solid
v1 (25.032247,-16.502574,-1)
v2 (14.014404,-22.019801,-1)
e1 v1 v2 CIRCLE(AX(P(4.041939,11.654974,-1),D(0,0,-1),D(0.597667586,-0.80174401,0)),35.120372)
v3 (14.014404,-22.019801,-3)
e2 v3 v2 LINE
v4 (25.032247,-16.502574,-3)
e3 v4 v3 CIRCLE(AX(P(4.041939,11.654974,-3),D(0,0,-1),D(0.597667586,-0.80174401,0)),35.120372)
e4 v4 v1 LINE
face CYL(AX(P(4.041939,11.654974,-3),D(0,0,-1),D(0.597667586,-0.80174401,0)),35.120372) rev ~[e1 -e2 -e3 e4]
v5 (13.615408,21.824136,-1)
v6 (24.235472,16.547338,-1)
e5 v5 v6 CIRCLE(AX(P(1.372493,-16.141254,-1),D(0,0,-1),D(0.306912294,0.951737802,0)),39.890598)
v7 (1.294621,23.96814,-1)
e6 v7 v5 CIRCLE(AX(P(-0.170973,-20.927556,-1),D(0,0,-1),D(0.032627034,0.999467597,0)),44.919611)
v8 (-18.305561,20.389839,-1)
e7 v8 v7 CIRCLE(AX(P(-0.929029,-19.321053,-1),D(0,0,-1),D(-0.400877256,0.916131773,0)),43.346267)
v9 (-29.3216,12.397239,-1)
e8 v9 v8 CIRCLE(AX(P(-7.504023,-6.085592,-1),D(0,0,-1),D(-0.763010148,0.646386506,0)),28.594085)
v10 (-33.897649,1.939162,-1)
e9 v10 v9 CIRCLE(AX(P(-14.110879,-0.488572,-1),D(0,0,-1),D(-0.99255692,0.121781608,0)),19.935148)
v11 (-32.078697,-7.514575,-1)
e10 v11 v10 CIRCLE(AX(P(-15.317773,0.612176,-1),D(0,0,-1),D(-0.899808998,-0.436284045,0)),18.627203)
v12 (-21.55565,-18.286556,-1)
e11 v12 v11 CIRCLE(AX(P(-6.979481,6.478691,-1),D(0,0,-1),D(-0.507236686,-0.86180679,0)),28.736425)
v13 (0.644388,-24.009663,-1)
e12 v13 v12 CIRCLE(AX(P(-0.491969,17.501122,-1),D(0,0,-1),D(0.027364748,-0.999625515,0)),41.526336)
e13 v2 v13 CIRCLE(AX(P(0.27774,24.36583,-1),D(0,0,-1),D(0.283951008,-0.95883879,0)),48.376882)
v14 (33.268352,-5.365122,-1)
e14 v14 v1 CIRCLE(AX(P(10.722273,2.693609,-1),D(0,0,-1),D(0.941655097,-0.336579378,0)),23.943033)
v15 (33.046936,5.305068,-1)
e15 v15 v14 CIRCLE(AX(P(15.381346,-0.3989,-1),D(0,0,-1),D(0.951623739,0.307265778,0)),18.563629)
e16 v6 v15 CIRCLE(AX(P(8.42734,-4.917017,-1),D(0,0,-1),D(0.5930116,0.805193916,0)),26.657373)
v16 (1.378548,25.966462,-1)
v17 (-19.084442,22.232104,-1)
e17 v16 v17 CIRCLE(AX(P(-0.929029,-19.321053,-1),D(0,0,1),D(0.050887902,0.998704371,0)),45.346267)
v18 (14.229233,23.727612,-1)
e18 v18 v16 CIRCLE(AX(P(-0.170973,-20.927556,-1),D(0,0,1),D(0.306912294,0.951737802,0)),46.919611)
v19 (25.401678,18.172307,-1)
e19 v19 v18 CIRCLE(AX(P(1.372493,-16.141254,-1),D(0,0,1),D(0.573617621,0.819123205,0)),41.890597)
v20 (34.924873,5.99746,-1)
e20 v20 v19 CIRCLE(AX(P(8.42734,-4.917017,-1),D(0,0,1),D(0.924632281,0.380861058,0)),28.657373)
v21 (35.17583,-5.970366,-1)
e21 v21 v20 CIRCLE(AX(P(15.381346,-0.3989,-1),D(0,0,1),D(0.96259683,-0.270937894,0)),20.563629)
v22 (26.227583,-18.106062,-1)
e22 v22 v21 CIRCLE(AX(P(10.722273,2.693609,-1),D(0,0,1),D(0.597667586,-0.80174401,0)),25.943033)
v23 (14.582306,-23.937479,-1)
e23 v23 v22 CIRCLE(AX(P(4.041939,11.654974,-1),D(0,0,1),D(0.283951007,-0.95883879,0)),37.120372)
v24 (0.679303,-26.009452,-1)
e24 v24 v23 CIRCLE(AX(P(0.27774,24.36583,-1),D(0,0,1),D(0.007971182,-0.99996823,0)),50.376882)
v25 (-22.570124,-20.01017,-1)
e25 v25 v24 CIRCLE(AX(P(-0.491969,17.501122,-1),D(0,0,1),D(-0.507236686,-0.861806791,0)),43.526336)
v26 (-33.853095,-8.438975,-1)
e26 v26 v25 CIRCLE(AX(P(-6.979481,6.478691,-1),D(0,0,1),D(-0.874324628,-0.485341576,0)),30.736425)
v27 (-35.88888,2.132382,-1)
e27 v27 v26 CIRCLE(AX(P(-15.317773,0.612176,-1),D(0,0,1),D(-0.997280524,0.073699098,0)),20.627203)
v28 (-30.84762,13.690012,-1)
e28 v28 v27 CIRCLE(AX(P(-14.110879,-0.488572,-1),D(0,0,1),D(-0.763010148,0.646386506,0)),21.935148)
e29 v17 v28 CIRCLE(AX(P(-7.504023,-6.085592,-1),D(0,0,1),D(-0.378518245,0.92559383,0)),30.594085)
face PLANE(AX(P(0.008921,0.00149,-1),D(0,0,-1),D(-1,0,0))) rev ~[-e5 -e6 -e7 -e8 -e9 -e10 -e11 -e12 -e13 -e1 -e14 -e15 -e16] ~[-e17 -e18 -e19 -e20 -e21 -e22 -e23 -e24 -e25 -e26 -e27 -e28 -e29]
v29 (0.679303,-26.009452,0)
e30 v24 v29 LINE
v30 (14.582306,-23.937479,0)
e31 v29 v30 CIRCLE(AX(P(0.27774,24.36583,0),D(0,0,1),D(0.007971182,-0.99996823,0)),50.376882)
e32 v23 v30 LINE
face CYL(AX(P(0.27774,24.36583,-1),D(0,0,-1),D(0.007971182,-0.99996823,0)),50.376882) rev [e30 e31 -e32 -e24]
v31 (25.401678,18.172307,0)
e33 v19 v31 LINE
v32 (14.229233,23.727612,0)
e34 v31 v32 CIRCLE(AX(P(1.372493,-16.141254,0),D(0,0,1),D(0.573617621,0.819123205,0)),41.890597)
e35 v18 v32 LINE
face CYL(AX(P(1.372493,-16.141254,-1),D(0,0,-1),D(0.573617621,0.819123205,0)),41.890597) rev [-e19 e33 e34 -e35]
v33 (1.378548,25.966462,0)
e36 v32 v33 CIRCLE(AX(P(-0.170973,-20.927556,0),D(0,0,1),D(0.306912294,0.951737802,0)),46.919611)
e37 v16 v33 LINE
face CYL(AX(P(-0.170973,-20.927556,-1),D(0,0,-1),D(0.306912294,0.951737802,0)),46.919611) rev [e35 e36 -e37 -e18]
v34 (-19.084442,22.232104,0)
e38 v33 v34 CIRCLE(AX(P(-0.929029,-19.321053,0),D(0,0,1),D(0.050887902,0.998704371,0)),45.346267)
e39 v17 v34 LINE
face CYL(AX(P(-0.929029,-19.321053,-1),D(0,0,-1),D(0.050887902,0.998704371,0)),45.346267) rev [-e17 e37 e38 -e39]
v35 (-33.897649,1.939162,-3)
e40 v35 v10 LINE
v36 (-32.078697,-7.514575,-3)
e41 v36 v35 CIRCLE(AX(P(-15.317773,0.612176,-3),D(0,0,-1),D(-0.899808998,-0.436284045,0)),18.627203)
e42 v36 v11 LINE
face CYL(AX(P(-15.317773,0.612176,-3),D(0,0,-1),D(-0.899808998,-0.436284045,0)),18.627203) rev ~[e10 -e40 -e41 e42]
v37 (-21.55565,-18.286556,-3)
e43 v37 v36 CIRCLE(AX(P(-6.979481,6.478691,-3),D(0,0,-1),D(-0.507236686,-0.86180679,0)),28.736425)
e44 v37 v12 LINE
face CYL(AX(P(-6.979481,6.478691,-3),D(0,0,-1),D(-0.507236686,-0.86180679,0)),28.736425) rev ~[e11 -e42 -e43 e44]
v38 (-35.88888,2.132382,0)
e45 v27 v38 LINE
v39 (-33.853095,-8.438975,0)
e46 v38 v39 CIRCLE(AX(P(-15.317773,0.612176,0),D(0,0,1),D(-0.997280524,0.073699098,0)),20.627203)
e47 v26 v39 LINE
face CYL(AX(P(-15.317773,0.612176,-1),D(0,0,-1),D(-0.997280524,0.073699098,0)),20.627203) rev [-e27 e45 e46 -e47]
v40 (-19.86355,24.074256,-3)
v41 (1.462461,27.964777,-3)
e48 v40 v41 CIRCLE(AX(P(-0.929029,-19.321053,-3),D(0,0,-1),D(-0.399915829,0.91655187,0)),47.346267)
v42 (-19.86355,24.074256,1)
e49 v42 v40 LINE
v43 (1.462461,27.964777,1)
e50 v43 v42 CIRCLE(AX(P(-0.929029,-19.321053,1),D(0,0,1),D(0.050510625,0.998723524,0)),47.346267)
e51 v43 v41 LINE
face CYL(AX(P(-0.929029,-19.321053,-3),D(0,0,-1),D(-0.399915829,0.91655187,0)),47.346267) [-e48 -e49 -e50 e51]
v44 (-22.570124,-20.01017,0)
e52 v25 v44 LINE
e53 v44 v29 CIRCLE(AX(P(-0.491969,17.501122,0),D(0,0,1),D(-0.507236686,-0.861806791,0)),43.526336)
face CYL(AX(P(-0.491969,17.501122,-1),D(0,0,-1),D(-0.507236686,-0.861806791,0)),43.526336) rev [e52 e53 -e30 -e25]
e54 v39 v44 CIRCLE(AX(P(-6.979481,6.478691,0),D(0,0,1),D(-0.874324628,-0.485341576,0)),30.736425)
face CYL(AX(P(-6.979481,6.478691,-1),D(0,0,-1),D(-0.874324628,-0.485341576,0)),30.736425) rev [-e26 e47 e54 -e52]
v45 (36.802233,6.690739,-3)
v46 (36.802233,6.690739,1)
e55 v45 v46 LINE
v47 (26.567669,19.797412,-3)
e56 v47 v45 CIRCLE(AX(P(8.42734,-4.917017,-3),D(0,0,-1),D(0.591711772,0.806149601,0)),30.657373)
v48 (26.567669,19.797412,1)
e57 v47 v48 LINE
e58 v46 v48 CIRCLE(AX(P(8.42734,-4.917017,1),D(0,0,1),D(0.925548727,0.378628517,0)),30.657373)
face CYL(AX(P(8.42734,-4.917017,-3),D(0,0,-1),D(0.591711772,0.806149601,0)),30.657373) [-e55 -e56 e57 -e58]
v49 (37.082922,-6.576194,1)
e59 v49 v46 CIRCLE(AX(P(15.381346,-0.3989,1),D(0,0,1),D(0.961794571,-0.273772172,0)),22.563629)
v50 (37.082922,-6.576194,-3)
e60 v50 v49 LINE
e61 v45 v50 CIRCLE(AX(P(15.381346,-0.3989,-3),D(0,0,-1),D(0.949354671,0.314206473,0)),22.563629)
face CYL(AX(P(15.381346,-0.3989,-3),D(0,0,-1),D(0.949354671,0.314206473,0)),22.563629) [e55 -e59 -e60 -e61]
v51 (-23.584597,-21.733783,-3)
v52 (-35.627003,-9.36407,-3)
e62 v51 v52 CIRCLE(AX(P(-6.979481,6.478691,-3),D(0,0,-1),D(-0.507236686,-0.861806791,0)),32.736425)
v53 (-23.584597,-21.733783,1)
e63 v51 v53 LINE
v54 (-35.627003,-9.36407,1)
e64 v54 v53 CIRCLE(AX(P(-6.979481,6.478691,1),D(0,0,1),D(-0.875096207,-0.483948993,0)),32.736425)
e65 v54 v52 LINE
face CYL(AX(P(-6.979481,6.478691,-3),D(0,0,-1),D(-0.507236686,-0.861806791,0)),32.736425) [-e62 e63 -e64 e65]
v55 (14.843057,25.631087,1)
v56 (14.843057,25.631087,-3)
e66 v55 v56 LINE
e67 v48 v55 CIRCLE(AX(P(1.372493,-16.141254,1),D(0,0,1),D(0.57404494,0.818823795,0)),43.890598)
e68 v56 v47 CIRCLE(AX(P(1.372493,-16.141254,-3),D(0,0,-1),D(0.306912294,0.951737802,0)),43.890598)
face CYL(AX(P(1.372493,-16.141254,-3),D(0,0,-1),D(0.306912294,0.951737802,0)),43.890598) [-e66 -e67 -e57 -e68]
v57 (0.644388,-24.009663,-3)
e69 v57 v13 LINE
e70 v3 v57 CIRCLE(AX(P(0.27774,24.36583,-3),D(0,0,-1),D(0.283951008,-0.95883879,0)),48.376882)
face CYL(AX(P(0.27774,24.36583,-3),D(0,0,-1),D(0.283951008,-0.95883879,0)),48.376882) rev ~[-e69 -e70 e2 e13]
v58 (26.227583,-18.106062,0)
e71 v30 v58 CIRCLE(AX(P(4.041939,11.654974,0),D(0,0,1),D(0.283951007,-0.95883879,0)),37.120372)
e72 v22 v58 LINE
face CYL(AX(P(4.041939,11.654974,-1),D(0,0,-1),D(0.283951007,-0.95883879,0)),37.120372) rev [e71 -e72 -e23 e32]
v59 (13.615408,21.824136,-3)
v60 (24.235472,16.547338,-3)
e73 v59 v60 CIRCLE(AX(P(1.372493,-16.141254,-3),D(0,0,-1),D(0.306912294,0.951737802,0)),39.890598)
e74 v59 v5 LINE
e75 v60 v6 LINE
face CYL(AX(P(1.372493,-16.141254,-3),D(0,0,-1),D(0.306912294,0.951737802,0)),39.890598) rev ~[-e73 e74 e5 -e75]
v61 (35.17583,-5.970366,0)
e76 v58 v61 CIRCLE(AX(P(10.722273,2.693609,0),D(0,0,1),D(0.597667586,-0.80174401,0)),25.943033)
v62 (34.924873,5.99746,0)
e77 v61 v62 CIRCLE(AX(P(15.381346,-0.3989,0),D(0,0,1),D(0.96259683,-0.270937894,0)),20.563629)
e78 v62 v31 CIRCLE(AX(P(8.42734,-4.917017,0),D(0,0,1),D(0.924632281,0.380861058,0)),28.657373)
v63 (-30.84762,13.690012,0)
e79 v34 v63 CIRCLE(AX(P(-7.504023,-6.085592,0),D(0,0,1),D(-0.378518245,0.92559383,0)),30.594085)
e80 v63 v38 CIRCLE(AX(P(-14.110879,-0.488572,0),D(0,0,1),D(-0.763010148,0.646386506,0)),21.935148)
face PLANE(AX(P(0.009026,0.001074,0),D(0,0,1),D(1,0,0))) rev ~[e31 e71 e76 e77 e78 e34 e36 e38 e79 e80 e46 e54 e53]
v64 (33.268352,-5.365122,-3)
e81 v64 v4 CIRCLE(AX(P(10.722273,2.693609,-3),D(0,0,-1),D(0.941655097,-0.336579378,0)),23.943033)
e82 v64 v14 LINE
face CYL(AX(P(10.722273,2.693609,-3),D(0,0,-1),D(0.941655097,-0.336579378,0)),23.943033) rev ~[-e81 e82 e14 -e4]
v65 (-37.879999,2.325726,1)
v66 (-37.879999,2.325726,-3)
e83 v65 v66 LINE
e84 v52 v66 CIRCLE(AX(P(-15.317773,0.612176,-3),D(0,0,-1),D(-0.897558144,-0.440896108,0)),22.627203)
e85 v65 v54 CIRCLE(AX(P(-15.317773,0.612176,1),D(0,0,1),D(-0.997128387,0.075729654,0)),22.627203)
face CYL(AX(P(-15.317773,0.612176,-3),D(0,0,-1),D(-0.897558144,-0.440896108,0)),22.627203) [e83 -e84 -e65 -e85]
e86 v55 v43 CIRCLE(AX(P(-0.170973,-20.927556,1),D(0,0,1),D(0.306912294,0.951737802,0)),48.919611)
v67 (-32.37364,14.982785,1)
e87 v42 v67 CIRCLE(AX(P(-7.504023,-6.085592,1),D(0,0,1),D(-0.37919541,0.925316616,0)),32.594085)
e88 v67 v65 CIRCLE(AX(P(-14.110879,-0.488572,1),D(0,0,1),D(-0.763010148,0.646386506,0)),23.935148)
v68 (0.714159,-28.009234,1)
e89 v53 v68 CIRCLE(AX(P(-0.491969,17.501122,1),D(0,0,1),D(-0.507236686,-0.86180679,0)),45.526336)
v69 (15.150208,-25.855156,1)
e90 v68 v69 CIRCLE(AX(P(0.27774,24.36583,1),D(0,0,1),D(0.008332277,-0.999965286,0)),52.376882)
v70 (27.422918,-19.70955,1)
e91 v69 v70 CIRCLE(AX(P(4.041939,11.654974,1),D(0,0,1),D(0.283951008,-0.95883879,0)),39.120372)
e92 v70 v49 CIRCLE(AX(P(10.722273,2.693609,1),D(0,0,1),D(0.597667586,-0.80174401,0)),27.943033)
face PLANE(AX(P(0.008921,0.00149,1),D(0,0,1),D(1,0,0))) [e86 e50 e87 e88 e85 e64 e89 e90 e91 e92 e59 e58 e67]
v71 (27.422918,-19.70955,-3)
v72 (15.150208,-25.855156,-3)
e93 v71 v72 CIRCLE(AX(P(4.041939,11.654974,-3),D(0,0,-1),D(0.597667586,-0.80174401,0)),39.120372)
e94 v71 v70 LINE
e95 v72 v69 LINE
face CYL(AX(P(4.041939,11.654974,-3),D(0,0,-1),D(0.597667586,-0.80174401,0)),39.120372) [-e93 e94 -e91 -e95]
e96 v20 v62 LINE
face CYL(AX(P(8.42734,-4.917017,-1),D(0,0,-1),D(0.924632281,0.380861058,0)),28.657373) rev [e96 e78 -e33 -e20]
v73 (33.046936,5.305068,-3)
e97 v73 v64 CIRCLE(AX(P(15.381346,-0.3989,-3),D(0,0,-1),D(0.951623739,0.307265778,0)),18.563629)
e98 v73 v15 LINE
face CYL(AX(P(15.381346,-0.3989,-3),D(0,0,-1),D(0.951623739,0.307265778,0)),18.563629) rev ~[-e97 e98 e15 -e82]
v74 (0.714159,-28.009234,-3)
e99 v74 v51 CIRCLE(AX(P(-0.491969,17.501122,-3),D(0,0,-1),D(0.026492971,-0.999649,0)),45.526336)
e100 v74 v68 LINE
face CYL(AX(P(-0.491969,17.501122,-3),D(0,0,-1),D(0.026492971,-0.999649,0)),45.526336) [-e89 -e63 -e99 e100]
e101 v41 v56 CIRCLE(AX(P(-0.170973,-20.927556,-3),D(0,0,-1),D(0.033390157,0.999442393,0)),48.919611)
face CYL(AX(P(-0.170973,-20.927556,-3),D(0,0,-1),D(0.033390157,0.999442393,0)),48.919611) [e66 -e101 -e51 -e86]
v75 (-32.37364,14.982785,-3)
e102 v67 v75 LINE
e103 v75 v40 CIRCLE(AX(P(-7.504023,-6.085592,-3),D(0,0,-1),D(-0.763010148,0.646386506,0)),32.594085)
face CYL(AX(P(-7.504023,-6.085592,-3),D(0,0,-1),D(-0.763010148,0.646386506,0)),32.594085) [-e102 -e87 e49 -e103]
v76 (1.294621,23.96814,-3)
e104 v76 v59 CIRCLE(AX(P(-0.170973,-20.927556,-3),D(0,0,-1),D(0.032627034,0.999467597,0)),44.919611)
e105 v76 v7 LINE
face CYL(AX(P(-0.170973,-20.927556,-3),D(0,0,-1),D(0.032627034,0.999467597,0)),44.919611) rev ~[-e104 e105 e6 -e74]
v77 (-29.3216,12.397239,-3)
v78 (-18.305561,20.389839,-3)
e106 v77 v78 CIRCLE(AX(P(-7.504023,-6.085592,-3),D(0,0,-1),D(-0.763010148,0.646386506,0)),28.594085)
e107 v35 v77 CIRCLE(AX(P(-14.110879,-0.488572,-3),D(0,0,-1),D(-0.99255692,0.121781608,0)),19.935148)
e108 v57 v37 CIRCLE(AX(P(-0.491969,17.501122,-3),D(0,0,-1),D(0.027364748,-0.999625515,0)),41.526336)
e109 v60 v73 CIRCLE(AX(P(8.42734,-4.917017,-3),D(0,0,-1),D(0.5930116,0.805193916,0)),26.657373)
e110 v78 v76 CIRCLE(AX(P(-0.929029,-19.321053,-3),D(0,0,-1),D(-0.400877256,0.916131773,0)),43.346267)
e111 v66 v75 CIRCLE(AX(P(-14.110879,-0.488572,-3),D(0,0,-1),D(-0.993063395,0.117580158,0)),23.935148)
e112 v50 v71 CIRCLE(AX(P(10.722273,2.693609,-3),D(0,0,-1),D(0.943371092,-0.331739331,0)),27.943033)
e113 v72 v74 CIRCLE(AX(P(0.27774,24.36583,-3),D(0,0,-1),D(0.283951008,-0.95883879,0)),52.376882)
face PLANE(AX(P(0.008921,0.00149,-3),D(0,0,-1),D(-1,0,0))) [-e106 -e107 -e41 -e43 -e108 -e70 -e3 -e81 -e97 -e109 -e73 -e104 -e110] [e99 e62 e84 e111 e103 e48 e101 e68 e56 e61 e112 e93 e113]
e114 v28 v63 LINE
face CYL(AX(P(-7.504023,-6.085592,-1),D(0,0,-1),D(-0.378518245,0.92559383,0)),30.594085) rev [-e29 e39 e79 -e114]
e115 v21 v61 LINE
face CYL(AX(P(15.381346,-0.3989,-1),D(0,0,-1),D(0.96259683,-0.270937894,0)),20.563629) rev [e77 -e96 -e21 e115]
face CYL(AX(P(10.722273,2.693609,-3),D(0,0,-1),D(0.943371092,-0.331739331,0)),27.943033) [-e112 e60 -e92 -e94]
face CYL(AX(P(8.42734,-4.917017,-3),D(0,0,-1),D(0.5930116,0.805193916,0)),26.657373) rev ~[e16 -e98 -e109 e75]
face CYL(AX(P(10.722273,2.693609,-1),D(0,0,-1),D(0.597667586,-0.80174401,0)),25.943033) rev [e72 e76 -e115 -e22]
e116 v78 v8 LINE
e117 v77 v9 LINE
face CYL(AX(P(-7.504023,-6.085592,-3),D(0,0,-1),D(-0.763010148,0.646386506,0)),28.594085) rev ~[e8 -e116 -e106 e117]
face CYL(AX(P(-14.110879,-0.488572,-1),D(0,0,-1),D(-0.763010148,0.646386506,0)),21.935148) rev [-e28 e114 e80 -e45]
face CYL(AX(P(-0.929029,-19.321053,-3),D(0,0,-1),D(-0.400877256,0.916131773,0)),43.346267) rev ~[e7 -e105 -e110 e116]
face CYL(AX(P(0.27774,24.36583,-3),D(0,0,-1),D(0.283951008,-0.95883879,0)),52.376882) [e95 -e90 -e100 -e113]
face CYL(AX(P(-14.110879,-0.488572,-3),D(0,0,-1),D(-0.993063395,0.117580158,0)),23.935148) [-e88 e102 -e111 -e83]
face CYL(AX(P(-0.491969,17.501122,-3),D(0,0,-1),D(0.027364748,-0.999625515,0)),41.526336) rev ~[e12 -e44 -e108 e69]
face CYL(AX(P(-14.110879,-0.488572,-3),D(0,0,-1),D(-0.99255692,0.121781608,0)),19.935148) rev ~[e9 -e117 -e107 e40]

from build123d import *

# Parameters (mm, degrees)
BOSS_EXTRUDE1_DEPTH = 1
BOSS_EXTRUDE2_START = -2
BOSS_EXTRUDE2_DEPTH = 2
BOSS_EXTRUDE3_START = 2
BOSS_EXTRUDE3_DEPTH = 2


with BuildPart() as part:
    # Sketch2 → Boss-Extrude1 (new body)
    with BuildSketch(Plane.XY):
        with BuildLine():
            ThreePointArc((14.582306461, -23.937478676), (20.662688223, -21.536481735), (26.227582561, -18.10606198))
            ThreePointArc((26.227582561, -18.10606198), (31.602803157, -12.702637223), (35.175830441, -5.970366314))
            ThreePointArc((35.175830441, -5.970366314), (35.940455788, 0.032211939), (34.924872534, 5.997460321))
            ThreePointArc((34.924872534, 5.997460321), (30.999615253, 12.739070672), (25.401678251, 18.172306925))
            ThreePointArc((25.401678251, 18.172306925), (20.023450582, 21.36826462), (14.22923276, 23.727611624))
            ThreePointArc((14.22923276, 23.727611624), (7.882073391, 25.295796991), (1.378547715, 25.966461733))
            ThreePointArc((1.378547715, 25.966461733), (-9.069964823, 25.28846457), (-19.084442092, 22.232104078))
            ThreePointArc((-19.084442092, 22.232104078), (-25.480773521, 18.669901445), (-30.847619904, 13.690011561))
            ThreePointArc((-30.847619904, 13.690011561), (-34.216625408, 8.281245191), (-35.888880176, 2.132382229))
            ThreePointArc((-35.888880176, 2.132382229), (-35.572811659, -3.288450427), (-33.85309471, -8.438974634))
            ThreePointArc((-33.85309471, -8.438974634), (-28.98576201, -14.979441817), (-22.570123581, -20.01016961))
            ThreePointArc((-22.570123581, -20.01016961), (-11.367274893, -24.644691823), (0.679303276, -26.009451613))
            ThreePointArc((0.679303276, -26.009451613), (7.703427235, -25.460763497), (14.582306461, -23.937478676))
        make_face()
    extrude(amount=BOSS_EXTRUDE1_DEPTH)

    # Sketch3 → Boss-Extrude2 (add)
    with BuildSketch(Plane.XY.offset(1).offset(BOSS_EXTRUDE2_START)):
        with BuildLine():
            ThreePointArc((-23.584596954, -21.733783191), (-11.876170523, -26.578887071), (0.714158664, -28.009233893))
            ThreePointArc((0.714158664, -28.009233893), (8.007585987, -27.437521821), (15.150208477, -25.855156256))
            ThreePointArc((15.150208477, -25.855156256), (21.558193731, -23.324796552), (27.422917732, -19.709549999))
            ThreePointArc((27.422917732, -19.709549999), (33.232049111, -13.863052711), (37.082922231, -6.576193708))
            ThreePointArc((37.082922231, -6.576193708), (37.93992708, 0.078373421), (36.802232938, 6.690738583))
            ThreePointArc((36.802232938, 6.690738583), (32.590590722, 13.951259274), (26.567668782, 19.797412042))
            ThreePointArc((26.567668782, 19.797412042), (20.924163176, 23.153997512), (14.843057348, 25.631087228))
            ThreePointArc((14.843057348, 25.631087228), (8.234147075, 27.264583601), (1.462460857, 27.964777266))
            ThreePointArc((1.462460857, 27.964777266), (-9.426205562, 27.256483976), (-19.863550161, 24.074256219))
            ThreePointArc((-19.863550161, 24.074256219), (-26.665599434, 20.281211791), (-32.373640199, 14.982784573))
            ThreePointArc((-32.373640199, 14.982784573), (-36.059000484, 9.059793769), (-37.879998788, 2.325726228))
            ThreePointArc((-37.879998788, 2.325726228), (-37.536082018, -3.670000019), (-35.627002731, -9.364069587))
            ThreePointArc((-35.627002731, -9.364069587), (-30.435882217, -16.357044434), (-23.584596954, -21.733783191))
        make_face()
        with BuildLine():
            ThreePointArc((-22.570123581, -20.01016961), (-11.367274893, -24.644691823), (0.679303276, -26.009451613))
            ThreePointArc((0.679303276, -26.009451613), (7.703427235, -25.460763497), (14.582306461, -23.937478676))
            ThreePointArc((14.582306461, -23.937478676), (20.662688223, -21.536481735), (26.227582561, -18.10606198))
            ThreePointArc((26.227582561, -18.10606198), (31.602803157, -12.702637223), (35.175830441, -5.970366314))
            ThreePointArc((35.175830441, -5.970366314), (35.940455788, 0.032211939), (34.924872534, 5.997460321))
            ThreePointArc((34.924872534, 5.997460321), (30.999615253, 12.739070672), (25.401678251, 18.172306925))
            ThreePointArc((25.401678251, 18.172306925), (20.023450582, 21.36826462), (14.22923276, 23.727611624))
            ThreePointArc((14.22923276, 23.727611624), (7.882073391, 25.295796991), (1.378547715, 25.966461733))
            ThreePointArc((1.378547715, 25.966461733), (-9.069964823, 25.28846457), (-19.084442092, 22.232104078))
            ThreePointArc((-19.084442092, 22.232104078), (-25.480773521, 18.669901445), (-30.847619904, 13.690011561))
            ThreePointArc((-30.847619904, 13.690011561), (-34.216625408, 8.281245191), (-35.888880176, 2.132382229))
            ThreePointArc((-35.888880176, 2.132382229), (-35.572811659, -3.288450427), (-33.85309471, -8.438974634))
            ThreePointArc((-33.85309471, -8.438974634), (-28.98576201, -14.979441817), (-22.570123581, -20.01016961))
        make_face(mode=Mode.SUBTRACT)
    extrude(amount=BOSS_EXTRUDE2_DEPTH)

    # Sketch4 → Boss-Extrude3 (add)
    with BuildSketch(Plane(origin=(0, 0, -1), x_dir=(-1, 0, 0), z_dir=(0, 0, -1)).offset(BOSS_EXTRUDE3_START)):
        with BuildLine():
            ThreePointArc((23.584596954, -21.733783191), (30.435882217, -16.357044434), (35.627002731, -9.364069587))
            ThreePointArc((35.627002731, -9.364069587), (37.536082018, -3.670000019), (37.879998788, 2.325726228))
            ThreePointArc((37.879998788, 2.325726228), (36.059000484, 9.059793769), (32.373640199, 14.982784573))
            ThreePointArc((32.373640199, 14.982784573), (26.665599434, 20.281211791), (19.863550161, 24.074256219))
            ThreePointArc((19.863550161, 24.074256219), (9.426205562, 27.256483976), (-1.462460857, 27.964777266))
            ThreePointArc((-1.462460857, 27.964777266), (-8.234147075, 27.264583601), (-14.843057348, 25.631087228))
            ThreePointArc((-14.843057348, 25.631087228), (-20.924163176, 23.153997512), (-26.567668782, 19.797412042))
            ThreePointArc((-26.567668782, 19.797412042), (-32.590590722, 13.951259274), (-36.802232938, 6.690738583))
            ThreePointArc((-36.802232938, 6.690738583), (-37.93992708, 0.078373421), (-37.082922231, -6.576193708))
            ThreePointArc((-37.082922231, -6.576193708), (-33.232049111, -13.863052711), (-27.422917732, -19.709549999))
            ThreePointArc((-27.422917732, -19.709549999), (-21.558193731, -23.324796552), (-15.150208477, -25.855156256))
            ThreePointArc((-15.150208477, -25.855156256), (-8.007585987, -27.437521821), (-0.714158664, -28.009233893))
            ThreePointArc((-0.714158664, -28.009233893), (11.876170523, -26.578887071), (23.584596954, -21.733783191))
        make_face()
        with BuildLine():
            ThreePointArc((21.555650209, -18.286556029), (27.535330411, -13.602126211), (32.078697256, -7.514575328))
            ThreePointArc((32.078697256, -7.514575328), (33.609473864, -2.907248333), (33.897648559, 1.939162133))
            ThreePointArc((33.897648559, 1.939162133), (32.374200723, 7.502749449), (29.321599609, 12.39723855))
            ThreePointArc((29.321599609, 12.39723855), (24.296047221, 17.05851306), (18.305561132, 20.389839116))
            ThreePointArc((18.305561132, 20.389839116), (8.713855119, 23.320421058), (-1.294621046, 23.968139818))
            ThreePointArc((-1.294621046, 23.968139818), (-7.529992858, 23.327009842), (-13.615408172, 21.82413602))
            ThreePointArc((-13.615408172, 21.82413602), (-19.122622483, 19.582585616), (-24.235471698, 16.547337587))
            ThreePointArc((-24.235471698, 16.547337587), (-29.408223084, 11.527376998), (-33.046936389, 5.305068206))
            ThreePointArc((-33.046936389, 5.305068206), (-33.940979932, -0.013771926), (-33.268351754, -5.365121806))
            ThreePointArc((-33.268351754, -5.365121806), (-29.973321616, -11.542469618), (-25.032247389, -16.502573961))
            ThreePointArc((-25.032247389, -16.502573961), (-19.767182716, -19.748166918), (-14.014404446, -22.019801096))
            ThreePointArc((-14.014404446, -22.019801096), (-7.399238865, -23.484007784), (-0.644388471, -24.00966267))
            ThreePointArc((-0.644388471, -24.00966267), (10.858407416, -22.710487179), (21.555650209, -18.286556029))
        make_face(mode=Mode.SUBTRACT)
    extrude(amount=-BOSS_EXTRUDE3_DEPTH)


solid = part.part
